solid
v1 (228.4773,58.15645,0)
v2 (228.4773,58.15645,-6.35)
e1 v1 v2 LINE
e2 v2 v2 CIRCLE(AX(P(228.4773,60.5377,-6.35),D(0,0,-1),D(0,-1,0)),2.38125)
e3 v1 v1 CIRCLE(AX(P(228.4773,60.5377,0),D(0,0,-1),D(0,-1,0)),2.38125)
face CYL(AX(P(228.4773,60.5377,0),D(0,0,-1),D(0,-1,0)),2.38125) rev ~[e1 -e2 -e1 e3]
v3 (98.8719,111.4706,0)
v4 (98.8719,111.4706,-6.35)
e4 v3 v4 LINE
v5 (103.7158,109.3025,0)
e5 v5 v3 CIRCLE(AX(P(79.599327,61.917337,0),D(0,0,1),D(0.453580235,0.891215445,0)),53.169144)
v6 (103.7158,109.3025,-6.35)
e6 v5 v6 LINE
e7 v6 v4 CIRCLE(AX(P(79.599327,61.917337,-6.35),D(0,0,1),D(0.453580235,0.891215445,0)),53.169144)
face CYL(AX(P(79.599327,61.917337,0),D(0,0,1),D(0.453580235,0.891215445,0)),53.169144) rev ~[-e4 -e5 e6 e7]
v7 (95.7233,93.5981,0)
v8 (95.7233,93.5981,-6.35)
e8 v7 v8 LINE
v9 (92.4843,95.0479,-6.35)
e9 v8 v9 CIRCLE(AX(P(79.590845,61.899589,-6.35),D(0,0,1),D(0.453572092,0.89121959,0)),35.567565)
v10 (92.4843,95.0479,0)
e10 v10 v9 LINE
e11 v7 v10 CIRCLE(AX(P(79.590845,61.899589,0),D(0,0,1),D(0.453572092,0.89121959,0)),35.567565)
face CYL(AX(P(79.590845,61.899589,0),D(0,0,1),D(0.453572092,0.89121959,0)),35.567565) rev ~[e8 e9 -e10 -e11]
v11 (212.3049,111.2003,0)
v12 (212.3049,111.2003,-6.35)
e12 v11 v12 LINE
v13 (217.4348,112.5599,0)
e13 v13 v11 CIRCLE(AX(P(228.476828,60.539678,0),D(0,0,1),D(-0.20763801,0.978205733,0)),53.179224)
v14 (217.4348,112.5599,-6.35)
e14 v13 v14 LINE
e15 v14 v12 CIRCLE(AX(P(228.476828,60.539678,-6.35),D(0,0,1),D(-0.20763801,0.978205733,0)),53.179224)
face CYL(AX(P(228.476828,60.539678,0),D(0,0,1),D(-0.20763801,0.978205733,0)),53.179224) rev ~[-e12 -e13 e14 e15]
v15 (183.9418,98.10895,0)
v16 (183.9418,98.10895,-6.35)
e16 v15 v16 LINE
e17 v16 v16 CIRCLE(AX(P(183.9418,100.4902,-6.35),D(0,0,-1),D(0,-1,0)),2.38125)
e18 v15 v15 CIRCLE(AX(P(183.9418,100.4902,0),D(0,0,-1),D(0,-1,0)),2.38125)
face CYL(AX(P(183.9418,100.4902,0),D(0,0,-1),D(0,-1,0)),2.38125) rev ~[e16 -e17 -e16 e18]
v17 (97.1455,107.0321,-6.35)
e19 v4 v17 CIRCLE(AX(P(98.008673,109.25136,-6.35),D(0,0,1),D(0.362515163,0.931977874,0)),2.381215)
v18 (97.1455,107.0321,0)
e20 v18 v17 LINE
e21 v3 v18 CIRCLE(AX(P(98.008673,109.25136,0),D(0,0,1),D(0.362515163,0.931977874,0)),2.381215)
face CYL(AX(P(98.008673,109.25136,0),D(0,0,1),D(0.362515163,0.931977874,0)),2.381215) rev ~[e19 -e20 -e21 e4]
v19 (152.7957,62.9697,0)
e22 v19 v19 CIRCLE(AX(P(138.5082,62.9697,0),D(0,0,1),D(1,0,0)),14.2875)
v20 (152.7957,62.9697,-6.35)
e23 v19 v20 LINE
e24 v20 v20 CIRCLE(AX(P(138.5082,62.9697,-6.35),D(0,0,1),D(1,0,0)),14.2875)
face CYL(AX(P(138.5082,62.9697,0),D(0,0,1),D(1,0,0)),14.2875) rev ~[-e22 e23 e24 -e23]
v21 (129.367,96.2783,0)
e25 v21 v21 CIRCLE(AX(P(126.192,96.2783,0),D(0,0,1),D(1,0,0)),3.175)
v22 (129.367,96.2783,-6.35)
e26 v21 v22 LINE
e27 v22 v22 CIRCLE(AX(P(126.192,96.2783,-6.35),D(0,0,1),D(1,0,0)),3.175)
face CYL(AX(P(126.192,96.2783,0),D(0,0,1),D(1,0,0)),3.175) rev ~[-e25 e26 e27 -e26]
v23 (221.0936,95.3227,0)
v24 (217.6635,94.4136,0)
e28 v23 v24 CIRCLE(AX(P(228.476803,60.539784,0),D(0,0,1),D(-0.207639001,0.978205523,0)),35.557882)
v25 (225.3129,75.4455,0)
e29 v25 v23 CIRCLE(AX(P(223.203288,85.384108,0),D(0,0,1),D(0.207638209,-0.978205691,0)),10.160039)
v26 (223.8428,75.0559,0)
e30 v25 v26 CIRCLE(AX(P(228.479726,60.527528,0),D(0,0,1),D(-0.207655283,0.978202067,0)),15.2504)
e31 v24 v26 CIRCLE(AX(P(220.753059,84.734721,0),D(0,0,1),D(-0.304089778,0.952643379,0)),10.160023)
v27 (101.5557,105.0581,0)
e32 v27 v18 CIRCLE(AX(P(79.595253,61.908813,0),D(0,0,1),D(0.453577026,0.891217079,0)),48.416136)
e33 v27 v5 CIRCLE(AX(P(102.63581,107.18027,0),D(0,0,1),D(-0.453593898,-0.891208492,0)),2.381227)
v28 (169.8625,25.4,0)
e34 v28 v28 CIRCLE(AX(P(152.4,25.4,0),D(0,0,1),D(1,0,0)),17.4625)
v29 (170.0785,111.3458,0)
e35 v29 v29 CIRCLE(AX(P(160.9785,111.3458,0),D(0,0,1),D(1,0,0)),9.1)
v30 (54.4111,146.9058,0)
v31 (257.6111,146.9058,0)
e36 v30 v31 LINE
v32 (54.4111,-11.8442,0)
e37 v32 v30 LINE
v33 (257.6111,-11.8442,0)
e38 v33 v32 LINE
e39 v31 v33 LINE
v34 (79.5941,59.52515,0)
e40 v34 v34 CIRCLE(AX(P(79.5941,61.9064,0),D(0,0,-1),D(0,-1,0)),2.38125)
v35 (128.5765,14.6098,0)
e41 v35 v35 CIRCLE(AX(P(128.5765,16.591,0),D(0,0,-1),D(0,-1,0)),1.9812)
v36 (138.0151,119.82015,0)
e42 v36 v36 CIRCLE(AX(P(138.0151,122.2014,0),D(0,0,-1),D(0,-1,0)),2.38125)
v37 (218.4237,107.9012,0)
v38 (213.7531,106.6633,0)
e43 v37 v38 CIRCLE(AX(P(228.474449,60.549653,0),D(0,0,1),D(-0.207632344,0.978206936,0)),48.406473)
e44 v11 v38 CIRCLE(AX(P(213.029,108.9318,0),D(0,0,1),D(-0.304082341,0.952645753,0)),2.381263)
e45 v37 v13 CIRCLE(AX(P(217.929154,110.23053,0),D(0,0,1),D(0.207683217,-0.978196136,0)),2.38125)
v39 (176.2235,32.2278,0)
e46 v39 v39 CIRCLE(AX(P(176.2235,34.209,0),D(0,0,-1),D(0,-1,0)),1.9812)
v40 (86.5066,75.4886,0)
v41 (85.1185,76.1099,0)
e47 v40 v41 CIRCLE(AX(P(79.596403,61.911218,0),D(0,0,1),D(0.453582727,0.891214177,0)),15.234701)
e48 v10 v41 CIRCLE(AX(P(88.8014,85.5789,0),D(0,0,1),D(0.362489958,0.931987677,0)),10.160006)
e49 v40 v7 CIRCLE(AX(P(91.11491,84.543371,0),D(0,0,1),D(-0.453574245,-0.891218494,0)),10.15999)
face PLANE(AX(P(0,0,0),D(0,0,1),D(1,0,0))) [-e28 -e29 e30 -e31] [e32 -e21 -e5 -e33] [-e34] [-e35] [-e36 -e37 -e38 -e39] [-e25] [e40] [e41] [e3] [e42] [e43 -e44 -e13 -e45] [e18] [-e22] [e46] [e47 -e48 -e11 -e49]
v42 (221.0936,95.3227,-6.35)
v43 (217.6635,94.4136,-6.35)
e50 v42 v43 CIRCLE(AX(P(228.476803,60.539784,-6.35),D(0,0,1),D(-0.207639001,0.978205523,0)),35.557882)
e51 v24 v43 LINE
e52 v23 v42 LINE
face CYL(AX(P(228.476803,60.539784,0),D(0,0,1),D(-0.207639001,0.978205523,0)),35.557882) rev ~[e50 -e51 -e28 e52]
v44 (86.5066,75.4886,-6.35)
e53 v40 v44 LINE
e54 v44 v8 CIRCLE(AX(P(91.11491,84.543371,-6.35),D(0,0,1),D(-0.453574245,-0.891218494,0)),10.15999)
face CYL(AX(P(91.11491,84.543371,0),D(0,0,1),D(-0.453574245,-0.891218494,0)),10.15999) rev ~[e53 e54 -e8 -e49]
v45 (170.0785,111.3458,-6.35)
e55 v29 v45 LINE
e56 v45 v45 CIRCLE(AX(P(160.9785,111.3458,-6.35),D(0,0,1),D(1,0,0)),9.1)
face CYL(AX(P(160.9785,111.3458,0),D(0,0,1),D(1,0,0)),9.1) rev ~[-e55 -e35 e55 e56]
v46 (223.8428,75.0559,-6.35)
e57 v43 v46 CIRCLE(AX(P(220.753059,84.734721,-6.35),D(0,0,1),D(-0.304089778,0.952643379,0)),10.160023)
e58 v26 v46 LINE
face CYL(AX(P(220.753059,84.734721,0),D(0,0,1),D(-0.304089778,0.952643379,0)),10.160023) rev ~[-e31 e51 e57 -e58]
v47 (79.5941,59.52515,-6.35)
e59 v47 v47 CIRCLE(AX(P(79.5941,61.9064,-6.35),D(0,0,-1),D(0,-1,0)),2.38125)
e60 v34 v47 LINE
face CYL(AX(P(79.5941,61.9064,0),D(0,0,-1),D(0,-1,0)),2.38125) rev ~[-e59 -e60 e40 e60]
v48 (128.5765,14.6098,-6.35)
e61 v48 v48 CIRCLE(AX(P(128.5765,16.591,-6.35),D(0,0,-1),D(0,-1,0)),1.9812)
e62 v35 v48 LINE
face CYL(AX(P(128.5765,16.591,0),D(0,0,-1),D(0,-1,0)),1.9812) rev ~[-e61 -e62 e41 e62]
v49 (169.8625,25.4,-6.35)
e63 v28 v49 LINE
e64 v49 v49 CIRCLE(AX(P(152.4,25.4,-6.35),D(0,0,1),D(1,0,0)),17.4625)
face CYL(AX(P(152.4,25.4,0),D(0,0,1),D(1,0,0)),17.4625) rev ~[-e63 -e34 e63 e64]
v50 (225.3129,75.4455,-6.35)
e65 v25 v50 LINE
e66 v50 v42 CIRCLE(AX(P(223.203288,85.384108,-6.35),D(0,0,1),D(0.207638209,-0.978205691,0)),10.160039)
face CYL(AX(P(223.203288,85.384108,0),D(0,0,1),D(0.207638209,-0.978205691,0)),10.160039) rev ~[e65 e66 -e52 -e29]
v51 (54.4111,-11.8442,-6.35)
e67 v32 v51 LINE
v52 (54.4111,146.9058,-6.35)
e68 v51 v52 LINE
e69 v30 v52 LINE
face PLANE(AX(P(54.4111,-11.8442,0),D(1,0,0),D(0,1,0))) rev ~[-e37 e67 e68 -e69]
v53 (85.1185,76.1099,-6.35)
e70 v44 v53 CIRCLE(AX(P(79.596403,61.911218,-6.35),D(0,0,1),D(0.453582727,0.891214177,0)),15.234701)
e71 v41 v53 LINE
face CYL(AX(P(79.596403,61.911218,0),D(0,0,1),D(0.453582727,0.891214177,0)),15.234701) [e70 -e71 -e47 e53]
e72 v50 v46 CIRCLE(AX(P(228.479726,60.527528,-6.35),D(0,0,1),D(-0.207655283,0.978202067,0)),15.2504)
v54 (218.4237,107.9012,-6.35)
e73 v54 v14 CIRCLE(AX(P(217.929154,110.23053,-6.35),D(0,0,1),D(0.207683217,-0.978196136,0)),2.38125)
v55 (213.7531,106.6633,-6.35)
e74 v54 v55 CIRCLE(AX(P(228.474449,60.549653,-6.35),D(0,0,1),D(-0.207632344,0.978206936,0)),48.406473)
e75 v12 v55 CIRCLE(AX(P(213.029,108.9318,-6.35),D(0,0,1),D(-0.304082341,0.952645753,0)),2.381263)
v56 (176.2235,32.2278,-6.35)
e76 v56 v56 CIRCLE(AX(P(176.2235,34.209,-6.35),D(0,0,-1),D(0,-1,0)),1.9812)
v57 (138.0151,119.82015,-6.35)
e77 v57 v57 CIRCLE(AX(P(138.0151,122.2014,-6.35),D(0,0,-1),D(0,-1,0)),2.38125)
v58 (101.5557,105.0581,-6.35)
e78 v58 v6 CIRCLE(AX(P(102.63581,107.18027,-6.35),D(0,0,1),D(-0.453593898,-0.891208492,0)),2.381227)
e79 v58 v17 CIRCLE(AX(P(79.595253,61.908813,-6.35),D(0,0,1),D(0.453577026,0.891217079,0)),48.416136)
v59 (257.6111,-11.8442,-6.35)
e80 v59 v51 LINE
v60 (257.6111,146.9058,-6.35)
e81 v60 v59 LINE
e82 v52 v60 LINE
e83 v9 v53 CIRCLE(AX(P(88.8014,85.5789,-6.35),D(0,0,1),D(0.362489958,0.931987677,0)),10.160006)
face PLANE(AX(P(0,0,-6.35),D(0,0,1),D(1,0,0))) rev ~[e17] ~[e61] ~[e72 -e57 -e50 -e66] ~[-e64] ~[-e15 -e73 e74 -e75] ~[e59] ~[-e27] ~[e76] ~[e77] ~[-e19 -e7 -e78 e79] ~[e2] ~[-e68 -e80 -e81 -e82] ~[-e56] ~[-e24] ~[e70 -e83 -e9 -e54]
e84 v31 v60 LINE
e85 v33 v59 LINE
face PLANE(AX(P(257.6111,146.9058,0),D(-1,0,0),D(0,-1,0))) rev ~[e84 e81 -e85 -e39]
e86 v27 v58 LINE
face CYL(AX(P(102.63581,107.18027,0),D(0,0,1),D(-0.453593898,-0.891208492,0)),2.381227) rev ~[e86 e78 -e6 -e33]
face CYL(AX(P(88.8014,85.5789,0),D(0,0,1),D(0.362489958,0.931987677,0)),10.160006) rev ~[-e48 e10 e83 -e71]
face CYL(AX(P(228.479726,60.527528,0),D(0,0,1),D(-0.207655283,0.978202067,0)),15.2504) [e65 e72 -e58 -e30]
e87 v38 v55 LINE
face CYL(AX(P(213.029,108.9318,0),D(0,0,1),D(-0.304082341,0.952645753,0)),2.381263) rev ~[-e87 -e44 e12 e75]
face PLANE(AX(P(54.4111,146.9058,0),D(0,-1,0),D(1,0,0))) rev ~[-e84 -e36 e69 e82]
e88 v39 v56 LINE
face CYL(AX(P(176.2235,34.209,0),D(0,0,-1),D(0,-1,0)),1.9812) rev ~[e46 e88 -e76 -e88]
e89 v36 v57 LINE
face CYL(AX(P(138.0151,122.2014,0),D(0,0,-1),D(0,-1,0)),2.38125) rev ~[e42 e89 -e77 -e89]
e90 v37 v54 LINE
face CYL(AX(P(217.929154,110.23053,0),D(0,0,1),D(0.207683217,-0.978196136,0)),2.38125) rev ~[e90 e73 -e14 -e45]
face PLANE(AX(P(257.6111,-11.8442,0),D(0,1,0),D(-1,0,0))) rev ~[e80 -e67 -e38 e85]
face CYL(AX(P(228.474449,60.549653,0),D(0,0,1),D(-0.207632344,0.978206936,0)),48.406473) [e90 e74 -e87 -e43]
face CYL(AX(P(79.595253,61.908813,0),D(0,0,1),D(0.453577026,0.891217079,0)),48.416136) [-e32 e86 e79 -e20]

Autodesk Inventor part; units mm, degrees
ref_plane "YZ Plane" through (0, 0, 0) normal (1, 0, 0) x (0, 1, 0)
ref_plane "XZ Plane" through (0, 0, 0) normal (0, 1, 0) x (-1, 0, 0)
ref_plane "XY Plane" through (0, 0, 0) normal (0, 0, 1) x (1, 0, 0)
sketch "Sketch1" plane through (0, 0, 0) normal (0, 0, 1) x (1, 0, 0)
  line L0 (0, 0) -> (304.8, 0) construction
  line L1 (304.8, 0) -> (304.8, 50.8) construction
  line L2 (304.8, 50.8) -> (0, 50.8) construction
  line L3 (0, 50.8) -> (0, 0) construction
  circle A0 centre (152.4, 25.4) radius 17.4625
  circle A1 centre (152.4, 25.4) radius 30.48 construction
  circle A2 centre (152.4, 25.4) radius 22.225 construction
  line L4 (152.4, 25.4) -> (138.5082, 62.9697) construction
  circle A3 centre (138.5082, 62.9697) radius 9.525 construction
  circle A4 centre (138.5082, 62.9697) radius 17.78 construction
  circle A5 centre (89.9711, 85.09) radius 31.75 construction
  circle A6 centre (160.9785, 111.3458) radius 31.75 construction
  circle A7 centre (221.9701, 85.09) radius 31.75 construction
  line L5 (0, 50.8) -> (0, 53.34) construction
  line L6 (0, 53.34) -> (304.8, 53.34) construction
  line L7 (304.8, 53.34) -> (304.8, 50.8) construction
  circle A8 centre (138.5082, 62.9697) radius 21.59 construction
  circle A9 centre (152.4, 25.4) radius 46.99 construction
  circle A10 centre (152.4, 25.4) radius 50.8 construction
  arc A11 (84.9408, 79.3264) -> (90.9184, 92.6811) centre (89.9711, 85.09) ccw construction
  circle A12 centre (160.9785, 111.3458) radius 7.65 construction
  arc A13 (221.6946, 92.735) -> (225.5172, 78.312) centre (221.9701, 85.09) ccw construction
  circle A14 centre (160.9785, 111.3458) radius 9.1
  circle A15 centre (138.5082, 62.9697) radius 22.9 construction
  line L8 (84.9408, 79.3264) -> (123.4503, 45.7166) construction
  line L9 (168.5483, 110.2412) -> (161.1682, 59.6633) construction
  line L10 (90.9184, 92.6811) -> (89.9711, 85.09) construction
  line L11 (89.9711, 85.09) -> (84.9408, 79.3264) construction
  circle A16 centre (126.192, 96.2783) radius 3.175
  circle A17 centre (126.192, 96.2783) radius 7.9375 construction
  line L12 (90.9184, 92.6811) -> (125.2091, 88.4019) construction
  line L13 (132.0626, 90.936) -> (155.3205, 116.4945) construction
  line L14 (155.3205, 116.4945) -> (160.9785, 111.3458) construction
  line L15 (168.5483, 110.2412) -> (160.9785, 111.3458) construction
  line L16 (138.5082, 62.9697) -> (126.192, 96.2783) construction
  line L17 (89.9711, 85.09) -> (160.9785, 111.3458) construction
  line L18 (152.4, 25.4) -> (89.9711, 85.09) construction
  line L19 (152.4, 25.4) -> (160.9785, 111.3458) construction
  circle A18 centre (126.192, 96.2783) radius 9.2075 construction
  circle A19 centre (126.192, 96.2783) radius 6.1595 construction
  arc A20 (90.9184, 92.6811) -> (84.9408, 79.3264) centre (89.9711, 85.09) ccw construction
  circle A21 centre (160.9785, 111.3458) radius 25.4 construction
  circle A22 centre (221.9701, 85.09) radius 25.4 construction
  line L20 (102.9424, 114.0695) -> (76.9998, 56.1105) construction
  circle A23 centre (89.9711, 85.09) radius 25.4 construction
  line L21 (213.8361, 115.7804) -> (230.1041, 54.3996) construction
  line L22 (54.4111, 146.9058) -> (257.6111, 146.9058)
  line L23 (257.6111, 146.9058) -> (257.6111, -11.8442)
  line L24 (257.6111, -11.8442) -> (54.4111, -11.8442)
  line L25 (54.4111, -11.8442) -> (54.4111, 146.9058)
  circle A24 centre (138.5082, 62.9697) radius 14.2875
  arc A25 (225.3129, 75.4455) -> (221.0936, 95.3227) centre (223.2033, 85.3841) ccw
  line L26 (220.7531, 84.7347) -> (228.4773, 60.5377) construction
  line L27 (223.2033, 85.3841) -> (228.4773, 60.5377) construction
  line L28 (220.7531, 84.7347) -> (213.029, 108.9318) construction
  line L29 (223.2033, 85.3841) -> (217.9292, 110.2305) construction
  arc A26 (212.3049, 111.2003) -> (213.7531, 106.6633) centre (213.029, 108.9318) ccw
  arc A27 (218.4237, 107.9012) -> (217.4348, 112.5599) centre (217.9292, 110.2305) ccw
  arc A28 (218.4237, 107.9012) -> (213.7531, 106.6633) centre (228.4773, 60.5377) ccw
  arc A29 (217.4348, 112.5599) -> (212.3049, 111.2003) centre (228.4773, 60.5377) ccw
  line L30 (213.029, 108.9318) -> (212.3049, 111.2003) construction
  line L31 (217.9292, 110.2305) -> (217.4348, 112.5599) construction
  arc A30 (221.0936, 95.3227) -> (217.6635, 94.4136) centre (228.4773, 60.5377) ccw
  arc A31 (225.3129, 75.4455) -> (223.8428, 75.0559) centre (228.4773, 60.5377) ccw
  line L32 (102.6358, 107.1803) -> (91.1149, 84.5434) construction
  line L33 (79.5941, 61.9064) -> (88.8014, 85.5789) construction
  arc A32 (98.8719, 111.4706) -> (97.1455, 107.0321) centre (98.0087, 109.2513) ccw
  arc A33 (101.5557, 105.0581) -> (103.7158, 109.3025) centre (102.6358, 107.1803) ccw
  arc A34 (101.5557, 105.0581) -> (97.1455, 107.0321) centre (79.5941, 61.9064) ccw
  line L34 (98.0087, 109.2513) -> (98.8719, 111.4706) construction
  line L35 (102.6358, 107.1803) -> (103.7158, 109.3025) construction
  arc A35 (103.7158, 109.3025) -> (98.8719, 111.4706) centre (79.5941, 61.9064) ccw
  arc A36 (217.6635, 94.4136) -> (223.8428, 75.0559) centre (220.7531, 84.7347) ccw
  arc A37 (86.5066, 75.4886) -> (95.7233, 93.5981) centre (91.1149, 84.5434) ccw
  line L36 (88.8014, 85.5789) -> (98.0087, 109.2513) construction
  line L37 (91.1149, 84.5434) -> (79.5941, 61.9064) construction
  arc A38 (86.5066, 75.4886) -> (85.1185, 76.1099) centre (79.5941, 61.9064) ccw
  arc A39 (95.7233, 93.5981) -> (92.4843, 95.0479) centre (79.5941, 61.9064) ccw
  arc A40 (92.4843, 95.0479) -> (85.1185, 76.1099) centre (88.8014, 85.5789) ccw
  line L38 (160.9785, 111.3458) -> (138.0151, 122.2014) construction
  line L39 (160.9785, 111.3458) -> (183.9418, 100.4902) construction
  circle A41 centre (138.5082, 62.9697) radius 26.75 construction
  line L40 (221.6946, 92.735) -> (137.5448, 89.7024) construction
  line L41 (225.5172, 78.312) -> (150.9113, 39.269) construction
  line L42 (221.9701, 85.09) -> (221.6946, 92.735) construction
  line L43 (221.9701, 85.09) -> (225.5172, 78.312) construction
  line L44 (138.5082, 62.9697) -> (137.5448, 89.7024) construction
  line L45 (138.5082, 62.9697) -> (150.9113, 39.269) construction
  arc A42 (225.5172, 78.312) -> (221.6946, 92.735) centre (221.9701, 85.09) ccw construction
  arc A43 (225.5172, 78.312) -> (224.7763, 77.9733) centre (221.9701, 85.09) ccw construction
  line L46 (138.5082, 62.9697) -> (221.9701, 85.09) construction
  line L47 (152.4, 25.4) -> (176.2235, 34.209) construction
  line L48 (152.4, 25.4) -> (128.5765, 16.591) construction
  point P0 (215.4629, 109.6423)
  point P1 (100.3481, 108.2736)
  dimension "d1" = 50.8
  dimension "d2" = 34.925
  dimension "d3" = 25.4
  dimension "d4" = 152.4
  dimension "d7" = 60.96
  dimension "d8" = 44.45
  dimension "d9" = 19.05
  dimension "d10" = 35.56
  dimension "d11" = 40.0558
  dimension "d12" = 63.5
  dimension "d13" = 63.5
  dimension "d14" = 63.5
  dimension "d15" = 2.54
  dimension "d16" = 304.8
  dimension "d17" = 43.18
  dimension "d18" = 93.98
  dimension "d19" = 101.6
  dimension "d21" = 15.3
  dimension "d22" = 15.3
  dimension "d24" = 18.2
  dimension "d29" = 45.8
  dimension "d30" = 146
  dimension "d31" = 6.35
  dimension "d32" = 15.875
  dimension "d33" = 146
  dimension "d35" = 18.415
  dimension "d37" = 12.319
  dimension "d40" = 50.8
  dimension "d41" = 50.8
  dimension "d42" = 17
  dimension "d43" = 17
  dimension "d44" = 50.8
  dimension "d53" = 203.2
  dimension "d54" = 158.75
  dimension "d55" = 35.56
  dimension "d56" = 35.56
  dimension "d57" = 28.575
  dimension "d67" = 25.4
  dimension "d68" = 25.4
  dimension "d69" = 2.86
  dimension "d70" = 25.4
  dimension "d71" = 25.4
  dimension "d72" = 4.7625
  dimension "d75" = 2.86
  dimension "d80" = 4.7625
  dimension "d82" = 4.7625
  dimension "d83" = 50.8
  dimension "d84" = 50.8
  dimension "d85" = 10.16
  dimension "d97" = 48.4188
  dimension "d99" = 20.32
  dimension "d101" = 25.4
  dimension "d102" = 25.4
  dimension "d103" = 10.16
  dimension "d105" = 17
  dimension "d106" = 17
  dimension "d107" = 53.5
  dimension "d108" = 154.44
  dimension "d109" = 7.65
  dimension "d111" = 86.3435
  dimension "d112" = 12.78
  dimension "d113" = 12.78
  dimension "d123" = 25.4
  dimension "d124" = 25.4
extrude "Extrusion3" add sketch "Sketch1" against normal blind 6.35
hole "Hole3" at (79.5941, 61.9064, 0) at (228.4773, 60.5377, 0) at (183.9418, 100.4902, 0) at (138.0151, 122.2014, 0) direction (0, 0, -1) diameter 4.7625 end through all
hole "Hole4" at (128.5765, 16.591, 0) at (176.2235, 34.209, 0) direction (0, 0, -1) diameter 3.9624 end through all thread size "10-32 UNF" class "2B" standard "ANSI Unified Screw Threads"
equation "\"d7\" = Gear48tPD"
equation "\"d8\" = Gear35tPD"
equation "\"d9\" = Gear15tPD"
equation "\"d10\" = Gear28tPD"
equation "\"d11\" = 0.5 * Gear48tPD + 0.5 * Gear15tPD + MeshingClearance"
equation "\"d12\" = CimOD"
equation "\"d13\" = CimOD"
equation "\"d14\" = CimOD"
equation "\"d17\" = Gear28tPD + ClearanceDiameter"
equation "\"d18\" = WheelOD"
equation "\"d19\" = WheelClearance"
equation "\"Pulley48tPD\" = 45.8"
equation "\"Pulley19tPD\" = 18.2"
equation "\"Pulley16tPD\" = 15.3"
equation "\"Gear15tPD\" = 19.05"
equation "\"Gear35tPD\" = 44.45"
equation "\"Gear48tPD\" = 60.96"
equation "\"Gear28tPD\" = 35.56"
equation "\"BearingLargeOD\" = 28.575"
equation "\"BearingSmallOD\" = 22.225"
equation "\"MeshingClearance\" = 0.0508"
equation "\"CimOD\" = 63.5"
equation "\"WheelOD\" = 93.98"
equation "\"ClearanceDiameter\" = 7.62"
equation "\"WheelClearance\" = 101.6"
equation "\"TensioningBearingID\" = 6.35"
equation "\"TensioningBearingOD\" = 15.875"
equation "\"SpingClipClearance\" = 8.89"
equation "\"Pi\" = 79.79645"
equation "\"Pulley56tPD\" = 53.5"
equation "\"BearingXLargeOD\" = 34.925"
properties part number "OutlineSketch1" material "Aluminum 6061"
